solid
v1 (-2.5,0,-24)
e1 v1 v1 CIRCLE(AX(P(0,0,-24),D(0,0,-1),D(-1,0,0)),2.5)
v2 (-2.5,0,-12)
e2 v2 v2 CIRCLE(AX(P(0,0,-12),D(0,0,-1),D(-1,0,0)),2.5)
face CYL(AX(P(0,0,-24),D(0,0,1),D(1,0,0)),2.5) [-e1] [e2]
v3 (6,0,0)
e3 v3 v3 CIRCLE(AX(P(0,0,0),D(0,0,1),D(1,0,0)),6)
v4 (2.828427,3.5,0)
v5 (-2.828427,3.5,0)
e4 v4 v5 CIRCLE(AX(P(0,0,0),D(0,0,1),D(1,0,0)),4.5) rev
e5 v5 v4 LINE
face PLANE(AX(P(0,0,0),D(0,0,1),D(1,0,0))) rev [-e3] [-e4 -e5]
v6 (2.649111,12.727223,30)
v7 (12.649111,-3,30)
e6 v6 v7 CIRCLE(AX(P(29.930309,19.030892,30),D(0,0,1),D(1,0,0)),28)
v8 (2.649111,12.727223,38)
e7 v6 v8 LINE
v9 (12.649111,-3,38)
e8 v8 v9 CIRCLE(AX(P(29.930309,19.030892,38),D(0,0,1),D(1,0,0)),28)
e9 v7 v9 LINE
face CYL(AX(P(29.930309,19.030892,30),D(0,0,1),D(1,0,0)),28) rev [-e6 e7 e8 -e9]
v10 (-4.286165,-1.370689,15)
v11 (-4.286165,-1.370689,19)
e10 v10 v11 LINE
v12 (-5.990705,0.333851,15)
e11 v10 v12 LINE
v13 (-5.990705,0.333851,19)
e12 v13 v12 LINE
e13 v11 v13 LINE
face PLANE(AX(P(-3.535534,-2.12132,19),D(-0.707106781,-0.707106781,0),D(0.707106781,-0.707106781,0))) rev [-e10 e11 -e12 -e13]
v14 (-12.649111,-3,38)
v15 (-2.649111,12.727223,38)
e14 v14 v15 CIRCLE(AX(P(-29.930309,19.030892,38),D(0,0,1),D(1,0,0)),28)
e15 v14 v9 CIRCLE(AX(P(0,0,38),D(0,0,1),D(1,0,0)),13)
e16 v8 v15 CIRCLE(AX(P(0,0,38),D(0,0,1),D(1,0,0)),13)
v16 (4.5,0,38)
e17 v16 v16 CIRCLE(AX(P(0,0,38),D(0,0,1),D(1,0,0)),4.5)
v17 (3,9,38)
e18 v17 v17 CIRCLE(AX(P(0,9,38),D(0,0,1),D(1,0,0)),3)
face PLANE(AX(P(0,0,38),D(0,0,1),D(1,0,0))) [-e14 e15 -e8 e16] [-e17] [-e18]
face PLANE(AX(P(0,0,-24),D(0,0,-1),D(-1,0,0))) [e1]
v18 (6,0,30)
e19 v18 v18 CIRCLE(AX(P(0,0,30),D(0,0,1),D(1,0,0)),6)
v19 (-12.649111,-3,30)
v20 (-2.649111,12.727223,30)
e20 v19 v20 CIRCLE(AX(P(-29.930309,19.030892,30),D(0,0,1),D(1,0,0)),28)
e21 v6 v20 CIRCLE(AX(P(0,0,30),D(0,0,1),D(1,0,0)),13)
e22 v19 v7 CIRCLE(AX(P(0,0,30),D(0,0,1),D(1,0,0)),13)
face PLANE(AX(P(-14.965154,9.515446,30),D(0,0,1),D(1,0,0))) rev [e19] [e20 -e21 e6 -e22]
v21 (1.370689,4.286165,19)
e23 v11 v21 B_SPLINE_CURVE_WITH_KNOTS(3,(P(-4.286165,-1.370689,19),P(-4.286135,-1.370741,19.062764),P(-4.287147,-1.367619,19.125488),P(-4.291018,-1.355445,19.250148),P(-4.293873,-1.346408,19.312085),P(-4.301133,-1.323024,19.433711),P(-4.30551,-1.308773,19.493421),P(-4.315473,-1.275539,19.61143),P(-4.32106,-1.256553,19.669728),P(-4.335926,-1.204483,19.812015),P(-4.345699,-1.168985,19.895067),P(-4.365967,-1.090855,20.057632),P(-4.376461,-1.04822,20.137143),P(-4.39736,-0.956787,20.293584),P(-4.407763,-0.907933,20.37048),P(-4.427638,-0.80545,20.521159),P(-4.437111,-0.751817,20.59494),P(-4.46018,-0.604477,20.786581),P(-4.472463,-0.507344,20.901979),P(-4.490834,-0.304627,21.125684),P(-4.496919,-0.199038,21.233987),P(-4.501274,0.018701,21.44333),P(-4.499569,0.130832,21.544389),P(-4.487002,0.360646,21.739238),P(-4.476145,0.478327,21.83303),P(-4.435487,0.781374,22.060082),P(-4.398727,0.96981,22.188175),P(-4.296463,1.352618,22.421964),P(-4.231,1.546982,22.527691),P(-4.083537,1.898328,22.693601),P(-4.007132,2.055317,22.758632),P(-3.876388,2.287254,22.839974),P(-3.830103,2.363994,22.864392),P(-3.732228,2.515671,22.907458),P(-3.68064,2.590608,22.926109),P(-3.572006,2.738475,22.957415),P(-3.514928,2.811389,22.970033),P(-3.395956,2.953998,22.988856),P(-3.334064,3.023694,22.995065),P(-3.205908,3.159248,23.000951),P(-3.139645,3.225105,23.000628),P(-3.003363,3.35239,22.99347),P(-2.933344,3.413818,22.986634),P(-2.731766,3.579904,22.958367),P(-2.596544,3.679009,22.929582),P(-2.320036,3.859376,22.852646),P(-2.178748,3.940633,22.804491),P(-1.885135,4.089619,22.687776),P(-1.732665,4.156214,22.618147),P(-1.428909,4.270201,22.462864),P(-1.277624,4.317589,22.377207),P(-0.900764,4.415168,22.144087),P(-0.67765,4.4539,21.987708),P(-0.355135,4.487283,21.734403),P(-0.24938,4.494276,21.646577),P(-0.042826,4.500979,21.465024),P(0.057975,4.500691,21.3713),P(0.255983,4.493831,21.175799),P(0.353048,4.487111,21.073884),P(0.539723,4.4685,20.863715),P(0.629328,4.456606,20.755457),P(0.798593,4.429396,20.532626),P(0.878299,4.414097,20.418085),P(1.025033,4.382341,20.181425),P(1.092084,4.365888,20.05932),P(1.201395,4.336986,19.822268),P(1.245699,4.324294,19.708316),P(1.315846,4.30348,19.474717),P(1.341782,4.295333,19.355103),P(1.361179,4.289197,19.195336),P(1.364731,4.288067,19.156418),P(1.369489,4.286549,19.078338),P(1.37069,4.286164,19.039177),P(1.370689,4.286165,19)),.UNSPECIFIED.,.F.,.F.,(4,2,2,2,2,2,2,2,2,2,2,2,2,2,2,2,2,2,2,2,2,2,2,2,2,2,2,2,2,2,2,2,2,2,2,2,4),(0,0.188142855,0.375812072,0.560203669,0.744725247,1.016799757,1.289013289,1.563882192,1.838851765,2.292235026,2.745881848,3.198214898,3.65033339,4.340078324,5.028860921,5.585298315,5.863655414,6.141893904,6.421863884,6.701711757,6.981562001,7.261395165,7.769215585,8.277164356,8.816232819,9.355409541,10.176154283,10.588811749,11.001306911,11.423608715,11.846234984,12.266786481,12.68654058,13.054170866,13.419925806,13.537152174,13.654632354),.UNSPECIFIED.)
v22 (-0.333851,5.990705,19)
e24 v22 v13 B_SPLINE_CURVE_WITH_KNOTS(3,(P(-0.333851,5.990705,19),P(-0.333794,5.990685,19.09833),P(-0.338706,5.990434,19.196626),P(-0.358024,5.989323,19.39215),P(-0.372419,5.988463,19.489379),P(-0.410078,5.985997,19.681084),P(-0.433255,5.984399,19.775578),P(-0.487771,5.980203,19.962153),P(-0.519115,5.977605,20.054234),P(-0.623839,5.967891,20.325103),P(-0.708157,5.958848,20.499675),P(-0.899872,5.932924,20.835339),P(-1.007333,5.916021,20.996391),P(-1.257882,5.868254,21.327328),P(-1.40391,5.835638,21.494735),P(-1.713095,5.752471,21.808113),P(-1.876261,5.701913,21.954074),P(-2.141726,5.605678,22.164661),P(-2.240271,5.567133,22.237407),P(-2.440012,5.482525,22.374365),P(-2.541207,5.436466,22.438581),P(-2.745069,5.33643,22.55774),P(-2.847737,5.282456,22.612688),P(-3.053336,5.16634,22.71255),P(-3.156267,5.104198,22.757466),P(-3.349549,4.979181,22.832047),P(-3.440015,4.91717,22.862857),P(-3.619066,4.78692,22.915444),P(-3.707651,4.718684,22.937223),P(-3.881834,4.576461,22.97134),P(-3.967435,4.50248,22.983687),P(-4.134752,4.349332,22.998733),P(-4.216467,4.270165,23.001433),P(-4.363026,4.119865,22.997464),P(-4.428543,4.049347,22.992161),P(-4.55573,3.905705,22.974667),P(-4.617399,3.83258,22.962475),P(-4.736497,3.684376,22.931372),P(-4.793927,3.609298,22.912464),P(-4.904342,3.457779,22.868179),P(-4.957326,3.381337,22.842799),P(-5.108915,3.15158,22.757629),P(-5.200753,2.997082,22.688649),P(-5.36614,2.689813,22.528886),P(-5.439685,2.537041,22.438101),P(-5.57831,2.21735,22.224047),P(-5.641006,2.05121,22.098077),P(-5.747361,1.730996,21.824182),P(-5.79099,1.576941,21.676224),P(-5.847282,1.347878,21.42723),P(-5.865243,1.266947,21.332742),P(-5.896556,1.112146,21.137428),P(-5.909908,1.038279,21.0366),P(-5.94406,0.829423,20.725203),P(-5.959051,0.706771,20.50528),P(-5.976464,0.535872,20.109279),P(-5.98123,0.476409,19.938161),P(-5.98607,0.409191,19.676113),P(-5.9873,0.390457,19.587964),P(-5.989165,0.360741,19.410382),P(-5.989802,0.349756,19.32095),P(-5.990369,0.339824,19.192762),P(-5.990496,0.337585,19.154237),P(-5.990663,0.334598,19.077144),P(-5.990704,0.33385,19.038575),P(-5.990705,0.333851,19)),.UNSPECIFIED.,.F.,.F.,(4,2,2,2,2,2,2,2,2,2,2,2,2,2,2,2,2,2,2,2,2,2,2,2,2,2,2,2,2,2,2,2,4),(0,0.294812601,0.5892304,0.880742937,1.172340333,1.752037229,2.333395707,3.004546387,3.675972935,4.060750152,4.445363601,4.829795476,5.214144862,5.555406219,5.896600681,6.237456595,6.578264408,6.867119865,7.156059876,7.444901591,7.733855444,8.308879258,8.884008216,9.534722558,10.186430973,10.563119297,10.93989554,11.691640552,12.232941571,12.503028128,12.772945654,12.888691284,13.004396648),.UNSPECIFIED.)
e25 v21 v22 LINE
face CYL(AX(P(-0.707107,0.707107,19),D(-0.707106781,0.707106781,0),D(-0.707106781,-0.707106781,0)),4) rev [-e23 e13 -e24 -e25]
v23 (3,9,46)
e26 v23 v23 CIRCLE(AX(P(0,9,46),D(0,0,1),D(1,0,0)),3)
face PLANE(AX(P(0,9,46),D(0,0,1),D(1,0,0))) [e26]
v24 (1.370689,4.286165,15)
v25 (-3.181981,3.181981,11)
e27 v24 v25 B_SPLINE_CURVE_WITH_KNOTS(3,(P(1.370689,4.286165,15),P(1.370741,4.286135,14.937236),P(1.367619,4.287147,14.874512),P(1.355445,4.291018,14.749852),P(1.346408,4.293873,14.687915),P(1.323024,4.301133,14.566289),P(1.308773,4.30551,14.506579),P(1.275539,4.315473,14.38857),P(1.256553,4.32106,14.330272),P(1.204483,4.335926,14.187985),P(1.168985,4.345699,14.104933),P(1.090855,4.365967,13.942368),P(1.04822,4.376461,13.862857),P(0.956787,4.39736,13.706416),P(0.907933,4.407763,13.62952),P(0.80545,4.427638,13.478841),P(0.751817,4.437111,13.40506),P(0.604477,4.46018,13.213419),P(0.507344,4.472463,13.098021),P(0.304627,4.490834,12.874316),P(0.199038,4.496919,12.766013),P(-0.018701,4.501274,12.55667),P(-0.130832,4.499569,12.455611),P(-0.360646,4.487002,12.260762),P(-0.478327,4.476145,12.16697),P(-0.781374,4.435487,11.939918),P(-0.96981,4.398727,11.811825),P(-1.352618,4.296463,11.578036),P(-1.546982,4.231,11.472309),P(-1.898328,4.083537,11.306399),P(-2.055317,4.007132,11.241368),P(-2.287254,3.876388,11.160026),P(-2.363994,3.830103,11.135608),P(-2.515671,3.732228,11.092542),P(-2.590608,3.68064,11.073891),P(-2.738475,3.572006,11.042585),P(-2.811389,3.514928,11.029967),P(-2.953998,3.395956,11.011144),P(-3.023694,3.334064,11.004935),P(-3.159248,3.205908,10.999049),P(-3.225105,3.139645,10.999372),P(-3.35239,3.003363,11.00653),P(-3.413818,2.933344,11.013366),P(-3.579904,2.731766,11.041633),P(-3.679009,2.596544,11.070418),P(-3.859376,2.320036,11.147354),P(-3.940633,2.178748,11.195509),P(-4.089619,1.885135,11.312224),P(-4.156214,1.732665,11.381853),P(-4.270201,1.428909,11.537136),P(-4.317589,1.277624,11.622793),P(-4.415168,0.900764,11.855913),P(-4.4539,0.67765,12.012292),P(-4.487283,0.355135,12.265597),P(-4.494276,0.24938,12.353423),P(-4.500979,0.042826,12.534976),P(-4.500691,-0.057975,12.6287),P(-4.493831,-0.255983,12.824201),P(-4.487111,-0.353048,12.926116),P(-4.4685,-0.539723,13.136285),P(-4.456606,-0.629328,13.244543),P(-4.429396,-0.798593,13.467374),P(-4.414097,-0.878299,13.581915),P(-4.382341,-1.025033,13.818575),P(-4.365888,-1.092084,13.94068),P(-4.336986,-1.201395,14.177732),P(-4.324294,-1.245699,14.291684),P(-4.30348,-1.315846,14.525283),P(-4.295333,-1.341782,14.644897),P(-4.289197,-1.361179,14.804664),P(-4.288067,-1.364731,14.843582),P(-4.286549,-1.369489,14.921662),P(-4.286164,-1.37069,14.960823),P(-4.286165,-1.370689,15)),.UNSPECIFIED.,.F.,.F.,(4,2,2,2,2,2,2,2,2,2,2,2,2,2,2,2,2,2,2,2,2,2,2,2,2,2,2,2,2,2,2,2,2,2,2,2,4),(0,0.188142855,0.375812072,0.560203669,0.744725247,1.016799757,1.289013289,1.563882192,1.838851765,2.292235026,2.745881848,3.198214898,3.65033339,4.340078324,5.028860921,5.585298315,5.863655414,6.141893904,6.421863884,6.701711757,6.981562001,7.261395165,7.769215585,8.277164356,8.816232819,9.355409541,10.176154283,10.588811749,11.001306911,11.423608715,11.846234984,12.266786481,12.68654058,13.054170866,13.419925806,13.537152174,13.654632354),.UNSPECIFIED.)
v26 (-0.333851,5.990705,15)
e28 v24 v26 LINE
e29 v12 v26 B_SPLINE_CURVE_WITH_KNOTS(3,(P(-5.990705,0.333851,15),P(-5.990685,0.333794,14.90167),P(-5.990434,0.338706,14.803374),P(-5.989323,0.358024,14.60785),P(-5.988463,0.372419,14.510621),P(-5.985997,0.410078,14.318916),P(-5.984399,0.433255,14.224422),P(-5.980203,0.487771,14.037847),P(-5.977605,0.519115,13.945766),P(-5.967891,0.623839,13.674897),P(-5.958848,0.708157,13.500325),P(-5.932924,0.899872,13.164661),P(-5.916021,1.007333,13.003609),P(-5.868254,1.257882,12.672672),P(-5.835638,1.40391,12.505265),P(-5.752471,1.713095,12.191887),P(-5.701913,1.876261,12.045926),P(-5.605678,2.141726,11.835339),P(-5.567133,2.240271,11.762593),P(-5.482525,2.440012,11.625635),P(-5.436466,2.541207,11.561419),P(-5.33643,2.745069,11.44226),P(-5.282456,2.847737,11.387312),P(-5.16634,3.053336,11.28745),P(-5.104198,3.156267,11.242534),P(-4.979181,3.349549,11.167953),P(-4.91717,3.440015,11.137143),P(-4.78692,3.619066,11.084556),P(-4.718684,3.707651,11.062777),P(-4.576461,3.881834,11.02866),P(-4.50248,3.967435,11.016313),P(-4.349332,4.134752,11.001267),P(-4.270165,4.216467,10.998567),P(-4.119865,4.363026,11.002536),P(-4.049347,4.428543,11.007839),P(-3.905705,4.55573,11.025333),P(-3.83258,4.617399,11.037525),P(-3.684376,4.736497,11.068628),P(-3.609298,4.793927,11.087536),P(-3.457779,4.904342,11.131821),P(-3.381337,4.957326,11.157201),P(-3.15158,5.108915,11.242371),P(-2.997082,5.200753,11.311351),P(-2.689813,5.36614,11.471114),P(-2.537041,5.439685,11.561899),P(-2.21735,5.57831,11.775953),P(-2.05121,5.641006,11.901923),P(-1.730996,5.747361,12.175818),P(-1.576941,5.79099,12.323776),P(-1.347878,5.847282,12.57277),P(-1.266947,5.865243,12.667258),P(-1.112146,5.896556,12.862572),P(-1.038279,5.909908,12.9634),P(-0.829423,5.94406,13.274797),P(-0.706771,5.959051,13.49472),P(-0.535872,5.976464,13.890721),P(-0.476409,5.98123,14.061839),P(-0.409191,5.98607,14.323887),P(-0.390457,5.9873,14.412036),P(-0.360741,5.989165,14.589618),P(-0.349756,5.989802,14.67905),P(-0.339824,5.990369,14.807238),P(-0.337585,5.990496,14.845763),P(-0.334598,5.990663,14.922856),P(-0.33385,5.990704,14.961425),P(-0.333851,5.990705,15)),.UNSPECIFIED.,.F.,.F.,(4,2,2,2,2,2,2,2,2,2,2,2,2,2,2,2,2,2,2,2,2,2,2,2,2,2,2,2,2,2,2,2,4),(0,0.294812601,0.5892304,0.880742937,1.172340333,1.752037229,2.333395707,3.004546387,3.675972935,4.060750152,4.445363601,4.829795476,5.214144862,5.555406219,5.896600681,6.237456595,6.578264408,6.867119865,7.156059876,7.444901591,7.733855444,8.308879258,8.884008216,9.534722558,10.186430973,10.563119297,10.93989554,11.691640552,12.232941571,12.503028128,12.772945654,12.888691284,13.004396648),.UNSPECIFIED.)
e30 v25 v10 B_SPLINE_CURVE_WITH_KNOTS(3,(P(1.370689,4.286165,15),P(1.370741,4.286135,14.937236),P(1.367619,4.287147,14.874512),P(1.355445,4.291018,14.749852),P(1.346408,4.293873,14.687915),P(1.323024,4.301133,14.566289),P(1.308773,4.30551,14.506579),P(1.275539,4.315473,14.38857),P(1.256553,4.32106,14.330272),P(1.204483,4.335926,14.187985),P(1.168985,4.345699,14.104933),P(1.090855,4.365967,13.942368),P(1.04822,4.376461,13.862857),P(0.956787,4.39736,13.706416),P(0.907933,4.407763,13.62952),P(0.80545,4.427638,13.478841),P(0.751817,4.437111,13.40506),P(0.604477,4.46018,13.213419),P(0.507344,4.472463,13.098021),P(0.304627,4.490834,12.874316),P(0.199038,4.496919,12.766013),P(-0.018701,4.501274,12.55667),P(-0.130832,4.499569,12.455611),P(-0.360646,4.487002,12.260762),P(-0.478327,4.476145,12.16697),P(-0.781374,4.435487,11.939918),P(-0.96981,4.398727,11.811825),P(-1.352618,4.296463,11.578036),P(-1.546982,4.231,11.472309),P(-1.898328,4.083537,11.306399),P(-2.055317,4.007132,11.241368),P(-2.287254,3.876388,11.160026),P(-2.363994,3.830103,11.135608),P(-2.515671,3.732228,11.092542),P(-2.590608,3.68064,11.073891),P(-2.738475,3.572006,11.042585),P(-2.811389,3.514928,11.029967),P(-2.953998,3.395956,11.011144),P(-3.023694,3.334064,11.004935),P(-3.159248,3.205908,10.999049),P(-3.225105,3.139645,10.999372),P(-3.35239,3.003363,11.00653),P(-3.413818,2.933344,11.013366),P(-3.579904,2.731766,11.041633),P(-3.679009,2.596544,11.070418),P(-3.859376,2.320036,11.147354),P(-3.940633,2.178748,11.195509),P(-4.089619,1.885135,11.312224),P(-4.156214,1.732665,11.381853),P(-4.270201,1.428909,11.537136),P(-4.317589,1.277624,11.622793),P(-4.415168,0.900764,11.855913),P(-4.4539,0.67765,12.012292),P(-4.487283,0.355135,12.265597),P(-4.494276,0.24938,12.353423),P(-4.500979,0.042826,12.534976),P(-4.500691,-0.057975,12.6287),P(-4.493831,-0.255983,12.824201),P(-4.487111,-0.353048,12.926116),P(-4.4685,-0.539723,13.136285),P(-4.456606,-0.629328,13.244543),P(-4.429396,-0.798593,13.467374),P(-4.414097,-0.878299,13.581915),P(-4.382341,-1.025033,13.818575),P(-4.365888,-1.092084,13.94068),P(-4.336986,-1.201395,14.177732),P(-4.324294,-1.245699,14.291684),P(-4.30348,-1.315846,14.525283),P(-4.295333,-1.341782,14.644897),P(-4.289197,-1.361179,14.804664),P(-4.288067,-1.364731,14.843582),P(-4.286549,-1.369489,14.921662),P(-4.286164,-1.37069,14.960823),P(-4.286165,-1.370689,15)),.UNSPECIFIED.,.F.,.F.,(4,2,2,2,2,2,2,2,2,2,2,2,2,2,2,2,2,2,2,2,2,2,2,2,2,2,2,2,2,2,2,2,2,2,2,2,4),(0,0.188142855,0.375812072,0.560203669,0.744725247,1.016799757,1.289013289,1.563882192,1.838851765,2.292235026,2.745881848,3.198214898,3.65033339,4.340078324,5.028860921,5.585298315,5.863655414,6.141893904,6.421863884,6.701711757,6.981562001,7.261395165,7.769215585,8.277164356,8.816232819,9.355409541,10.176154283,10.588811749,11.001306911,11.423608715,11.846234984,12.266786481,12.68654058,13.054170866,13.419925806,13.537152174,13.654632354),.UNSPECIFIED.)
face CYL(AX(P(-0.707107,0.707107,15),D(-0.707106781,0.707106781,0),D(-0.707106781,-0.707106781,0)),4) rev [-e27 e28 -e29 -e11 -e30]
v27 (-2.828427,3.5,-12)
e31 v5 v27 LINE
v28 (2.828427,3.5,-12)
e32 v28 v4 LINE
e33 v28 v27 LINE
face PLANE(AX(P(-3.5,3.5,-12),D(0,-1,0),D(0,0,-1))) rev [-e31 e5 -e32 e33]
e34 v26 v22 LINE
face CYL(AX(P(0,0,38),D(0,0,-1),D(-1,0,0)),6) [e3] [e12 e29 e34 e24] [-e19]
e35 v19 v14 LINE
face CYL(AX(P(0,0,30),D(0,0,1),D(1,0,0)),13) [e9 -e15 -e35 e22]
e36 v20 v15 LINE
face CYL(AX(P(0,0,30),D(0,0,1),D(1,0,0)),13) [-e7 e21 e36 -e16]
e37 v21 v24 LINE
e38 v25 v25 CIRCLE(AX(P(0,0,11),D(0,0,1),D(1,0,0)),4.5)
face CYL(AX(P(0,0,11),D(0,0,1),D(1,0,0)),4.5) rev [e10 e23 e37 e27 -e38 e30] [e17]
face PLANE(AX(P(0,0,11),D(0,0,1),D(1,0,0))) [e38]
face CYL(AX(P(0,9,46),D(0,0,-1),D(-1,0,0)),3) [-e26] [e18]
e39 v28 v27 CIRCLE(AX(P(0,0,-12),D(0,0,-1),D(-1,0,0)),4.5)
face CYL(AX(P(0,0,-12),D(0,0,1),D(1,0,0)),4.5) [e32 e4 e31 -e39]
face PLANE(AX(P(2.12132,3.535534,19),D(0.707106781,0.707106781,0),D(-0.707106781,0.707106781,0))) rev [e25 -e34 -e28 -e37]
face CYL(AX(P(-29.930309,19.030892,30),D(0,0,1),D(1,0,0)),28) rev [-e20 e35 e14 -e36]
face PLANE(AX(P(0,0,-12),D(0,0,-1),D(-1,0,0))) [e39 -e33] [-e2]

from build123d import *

# Parameters (mm, degrees)
SKETCH1_R           = 6
BOSS_EXTRUDE1_DEPTH = 38
SKETCH2_R           = 4.5
BOSS_EXTRUDE2_DEPTH = 12
BOSS_EXTRUDE3_DEPTH = 8
SKETCH4_R           = 3
BOSS_EXTRUDE4_DEPTH = 8
SKETCH5_R           = 4.5
CUT_EXTRUDE1_DEPTH  = 27
CUT_EXTRUDE2_DEPTH  = 5
SKETCH7_R           = 2.5
BOSS_EXTRUDE5_DEPTH = 12
SKETCH9_W           = 12
SKETCH9_H           = 1
CUT_EXTRUDE3_DEPTH  = 3.5


with BuildPart() as part:
    # Sketch1 → Boss-Extrude1 (new body)
    with BuildSketch(Plane.XY):
        Circle(SKETCH1_R)
    extrude(amount=BOSS_EXTRUDE1_DEPTH)

    # Sketch2 → Boss-Extrude2 (add)
    with BuildSketch(Plane(origin=(0, 0, 0), x_dir=(-1, 0, 0), z_dir=(0, 0, -1))):
        with Locations(Location((0, 0, 0), (0, 0, 180))):
            Circle(SKETCH2_R)
    extrude(amount=BOSS_EXTRUDE2_DEPTH)

    # Sketch3 → Boss-Extrude3 (add)
    with BuildSketch(Plane.XY.offset(38)):
        with BuildLine():
            ThreePointArc((-12.649110641, -3), (0, -13), (12.649110641, -3))
            ThreePointArc((12.649110641, -3), (6.302186147, 4.007182978), (2.649110641, 12.727223295))
            ThreePointArc((2.649110641, 12.727223295), (0, 13), (-2.649110641, 12.727223295))
            ThreePointArc((-2.649110641, 12.727223295), (-6.302186147, 4.007182978), (-12.649110641, -3))
        make_face()
    extrude(amount=-BOSS_EXTRUDE3_DEPTH)

    # Sketch4 → Boss-Extrude4 (add)
    with BuildSketch(Plane.XY.offset(38)):
        with Locations((0, 9)):
            Circle(SKETCH4_R)
    extrude(amount=BOSS_EXTRUDE4_DEPTH)

    # Sketch5 → Cut-Extrude1 (cut)
    with BuildSketch(Plane.XY.offset(38)):
        Circle(SKETCH5_R)
    extrude(amount=-CUT_EXTRUDE1_DEPTH, mode=Mode.SUBTRACT)

    # Sketch6 → Cut-Extrude2 (cut)
    with BuildSketch(Plane(origin=(-4.242640687, 4.242640687, 0), x_dir=(0, 0, -1), z_dir=(-0.7071067811865438, 0.7071067811865512, 0))):
        with BuildLine():
            Line((-19, 4), (-15, 4))
            ThreePointArc((-15, 4), (-11, 0), (-15, -4))
            Line((-15, -4), (-19, -4))
            ThreePointArc((-19, -4), (-23, 0), (-19, 4))
        make_face()
    extrude(amount=-CUT_EXTRUDE2_DEPTH, mode=Mode.SUBTRACT)

    # Sketch7 → Boss-Extrude5 (add)
    with BuildSketch(Plane(origin=(0, 0, -12), x_dir=(-1, 0, 0), z_dir=(0, 0, -1))):
        Circle(SKETCH7_R)
    extrude(amount=BOSS_EXTRUDE5_DEPTH)

    # Sketch9 → Cut-Extrude3 (cut, symmetric)
    with BuildSketch(Plane(origin=(0, 0, 0), x_dir=(0, 0, -1), z_dir=(1, 0, 0))):
        with Locations((6, 4)):
            Rectangle(SKETCH9_W, SKETCH9_H)
    extrude(amount=CUT_EXTRUDE3_DEPTH, both=True, mode=Mode.SUBTRACT)


solid = part.part
